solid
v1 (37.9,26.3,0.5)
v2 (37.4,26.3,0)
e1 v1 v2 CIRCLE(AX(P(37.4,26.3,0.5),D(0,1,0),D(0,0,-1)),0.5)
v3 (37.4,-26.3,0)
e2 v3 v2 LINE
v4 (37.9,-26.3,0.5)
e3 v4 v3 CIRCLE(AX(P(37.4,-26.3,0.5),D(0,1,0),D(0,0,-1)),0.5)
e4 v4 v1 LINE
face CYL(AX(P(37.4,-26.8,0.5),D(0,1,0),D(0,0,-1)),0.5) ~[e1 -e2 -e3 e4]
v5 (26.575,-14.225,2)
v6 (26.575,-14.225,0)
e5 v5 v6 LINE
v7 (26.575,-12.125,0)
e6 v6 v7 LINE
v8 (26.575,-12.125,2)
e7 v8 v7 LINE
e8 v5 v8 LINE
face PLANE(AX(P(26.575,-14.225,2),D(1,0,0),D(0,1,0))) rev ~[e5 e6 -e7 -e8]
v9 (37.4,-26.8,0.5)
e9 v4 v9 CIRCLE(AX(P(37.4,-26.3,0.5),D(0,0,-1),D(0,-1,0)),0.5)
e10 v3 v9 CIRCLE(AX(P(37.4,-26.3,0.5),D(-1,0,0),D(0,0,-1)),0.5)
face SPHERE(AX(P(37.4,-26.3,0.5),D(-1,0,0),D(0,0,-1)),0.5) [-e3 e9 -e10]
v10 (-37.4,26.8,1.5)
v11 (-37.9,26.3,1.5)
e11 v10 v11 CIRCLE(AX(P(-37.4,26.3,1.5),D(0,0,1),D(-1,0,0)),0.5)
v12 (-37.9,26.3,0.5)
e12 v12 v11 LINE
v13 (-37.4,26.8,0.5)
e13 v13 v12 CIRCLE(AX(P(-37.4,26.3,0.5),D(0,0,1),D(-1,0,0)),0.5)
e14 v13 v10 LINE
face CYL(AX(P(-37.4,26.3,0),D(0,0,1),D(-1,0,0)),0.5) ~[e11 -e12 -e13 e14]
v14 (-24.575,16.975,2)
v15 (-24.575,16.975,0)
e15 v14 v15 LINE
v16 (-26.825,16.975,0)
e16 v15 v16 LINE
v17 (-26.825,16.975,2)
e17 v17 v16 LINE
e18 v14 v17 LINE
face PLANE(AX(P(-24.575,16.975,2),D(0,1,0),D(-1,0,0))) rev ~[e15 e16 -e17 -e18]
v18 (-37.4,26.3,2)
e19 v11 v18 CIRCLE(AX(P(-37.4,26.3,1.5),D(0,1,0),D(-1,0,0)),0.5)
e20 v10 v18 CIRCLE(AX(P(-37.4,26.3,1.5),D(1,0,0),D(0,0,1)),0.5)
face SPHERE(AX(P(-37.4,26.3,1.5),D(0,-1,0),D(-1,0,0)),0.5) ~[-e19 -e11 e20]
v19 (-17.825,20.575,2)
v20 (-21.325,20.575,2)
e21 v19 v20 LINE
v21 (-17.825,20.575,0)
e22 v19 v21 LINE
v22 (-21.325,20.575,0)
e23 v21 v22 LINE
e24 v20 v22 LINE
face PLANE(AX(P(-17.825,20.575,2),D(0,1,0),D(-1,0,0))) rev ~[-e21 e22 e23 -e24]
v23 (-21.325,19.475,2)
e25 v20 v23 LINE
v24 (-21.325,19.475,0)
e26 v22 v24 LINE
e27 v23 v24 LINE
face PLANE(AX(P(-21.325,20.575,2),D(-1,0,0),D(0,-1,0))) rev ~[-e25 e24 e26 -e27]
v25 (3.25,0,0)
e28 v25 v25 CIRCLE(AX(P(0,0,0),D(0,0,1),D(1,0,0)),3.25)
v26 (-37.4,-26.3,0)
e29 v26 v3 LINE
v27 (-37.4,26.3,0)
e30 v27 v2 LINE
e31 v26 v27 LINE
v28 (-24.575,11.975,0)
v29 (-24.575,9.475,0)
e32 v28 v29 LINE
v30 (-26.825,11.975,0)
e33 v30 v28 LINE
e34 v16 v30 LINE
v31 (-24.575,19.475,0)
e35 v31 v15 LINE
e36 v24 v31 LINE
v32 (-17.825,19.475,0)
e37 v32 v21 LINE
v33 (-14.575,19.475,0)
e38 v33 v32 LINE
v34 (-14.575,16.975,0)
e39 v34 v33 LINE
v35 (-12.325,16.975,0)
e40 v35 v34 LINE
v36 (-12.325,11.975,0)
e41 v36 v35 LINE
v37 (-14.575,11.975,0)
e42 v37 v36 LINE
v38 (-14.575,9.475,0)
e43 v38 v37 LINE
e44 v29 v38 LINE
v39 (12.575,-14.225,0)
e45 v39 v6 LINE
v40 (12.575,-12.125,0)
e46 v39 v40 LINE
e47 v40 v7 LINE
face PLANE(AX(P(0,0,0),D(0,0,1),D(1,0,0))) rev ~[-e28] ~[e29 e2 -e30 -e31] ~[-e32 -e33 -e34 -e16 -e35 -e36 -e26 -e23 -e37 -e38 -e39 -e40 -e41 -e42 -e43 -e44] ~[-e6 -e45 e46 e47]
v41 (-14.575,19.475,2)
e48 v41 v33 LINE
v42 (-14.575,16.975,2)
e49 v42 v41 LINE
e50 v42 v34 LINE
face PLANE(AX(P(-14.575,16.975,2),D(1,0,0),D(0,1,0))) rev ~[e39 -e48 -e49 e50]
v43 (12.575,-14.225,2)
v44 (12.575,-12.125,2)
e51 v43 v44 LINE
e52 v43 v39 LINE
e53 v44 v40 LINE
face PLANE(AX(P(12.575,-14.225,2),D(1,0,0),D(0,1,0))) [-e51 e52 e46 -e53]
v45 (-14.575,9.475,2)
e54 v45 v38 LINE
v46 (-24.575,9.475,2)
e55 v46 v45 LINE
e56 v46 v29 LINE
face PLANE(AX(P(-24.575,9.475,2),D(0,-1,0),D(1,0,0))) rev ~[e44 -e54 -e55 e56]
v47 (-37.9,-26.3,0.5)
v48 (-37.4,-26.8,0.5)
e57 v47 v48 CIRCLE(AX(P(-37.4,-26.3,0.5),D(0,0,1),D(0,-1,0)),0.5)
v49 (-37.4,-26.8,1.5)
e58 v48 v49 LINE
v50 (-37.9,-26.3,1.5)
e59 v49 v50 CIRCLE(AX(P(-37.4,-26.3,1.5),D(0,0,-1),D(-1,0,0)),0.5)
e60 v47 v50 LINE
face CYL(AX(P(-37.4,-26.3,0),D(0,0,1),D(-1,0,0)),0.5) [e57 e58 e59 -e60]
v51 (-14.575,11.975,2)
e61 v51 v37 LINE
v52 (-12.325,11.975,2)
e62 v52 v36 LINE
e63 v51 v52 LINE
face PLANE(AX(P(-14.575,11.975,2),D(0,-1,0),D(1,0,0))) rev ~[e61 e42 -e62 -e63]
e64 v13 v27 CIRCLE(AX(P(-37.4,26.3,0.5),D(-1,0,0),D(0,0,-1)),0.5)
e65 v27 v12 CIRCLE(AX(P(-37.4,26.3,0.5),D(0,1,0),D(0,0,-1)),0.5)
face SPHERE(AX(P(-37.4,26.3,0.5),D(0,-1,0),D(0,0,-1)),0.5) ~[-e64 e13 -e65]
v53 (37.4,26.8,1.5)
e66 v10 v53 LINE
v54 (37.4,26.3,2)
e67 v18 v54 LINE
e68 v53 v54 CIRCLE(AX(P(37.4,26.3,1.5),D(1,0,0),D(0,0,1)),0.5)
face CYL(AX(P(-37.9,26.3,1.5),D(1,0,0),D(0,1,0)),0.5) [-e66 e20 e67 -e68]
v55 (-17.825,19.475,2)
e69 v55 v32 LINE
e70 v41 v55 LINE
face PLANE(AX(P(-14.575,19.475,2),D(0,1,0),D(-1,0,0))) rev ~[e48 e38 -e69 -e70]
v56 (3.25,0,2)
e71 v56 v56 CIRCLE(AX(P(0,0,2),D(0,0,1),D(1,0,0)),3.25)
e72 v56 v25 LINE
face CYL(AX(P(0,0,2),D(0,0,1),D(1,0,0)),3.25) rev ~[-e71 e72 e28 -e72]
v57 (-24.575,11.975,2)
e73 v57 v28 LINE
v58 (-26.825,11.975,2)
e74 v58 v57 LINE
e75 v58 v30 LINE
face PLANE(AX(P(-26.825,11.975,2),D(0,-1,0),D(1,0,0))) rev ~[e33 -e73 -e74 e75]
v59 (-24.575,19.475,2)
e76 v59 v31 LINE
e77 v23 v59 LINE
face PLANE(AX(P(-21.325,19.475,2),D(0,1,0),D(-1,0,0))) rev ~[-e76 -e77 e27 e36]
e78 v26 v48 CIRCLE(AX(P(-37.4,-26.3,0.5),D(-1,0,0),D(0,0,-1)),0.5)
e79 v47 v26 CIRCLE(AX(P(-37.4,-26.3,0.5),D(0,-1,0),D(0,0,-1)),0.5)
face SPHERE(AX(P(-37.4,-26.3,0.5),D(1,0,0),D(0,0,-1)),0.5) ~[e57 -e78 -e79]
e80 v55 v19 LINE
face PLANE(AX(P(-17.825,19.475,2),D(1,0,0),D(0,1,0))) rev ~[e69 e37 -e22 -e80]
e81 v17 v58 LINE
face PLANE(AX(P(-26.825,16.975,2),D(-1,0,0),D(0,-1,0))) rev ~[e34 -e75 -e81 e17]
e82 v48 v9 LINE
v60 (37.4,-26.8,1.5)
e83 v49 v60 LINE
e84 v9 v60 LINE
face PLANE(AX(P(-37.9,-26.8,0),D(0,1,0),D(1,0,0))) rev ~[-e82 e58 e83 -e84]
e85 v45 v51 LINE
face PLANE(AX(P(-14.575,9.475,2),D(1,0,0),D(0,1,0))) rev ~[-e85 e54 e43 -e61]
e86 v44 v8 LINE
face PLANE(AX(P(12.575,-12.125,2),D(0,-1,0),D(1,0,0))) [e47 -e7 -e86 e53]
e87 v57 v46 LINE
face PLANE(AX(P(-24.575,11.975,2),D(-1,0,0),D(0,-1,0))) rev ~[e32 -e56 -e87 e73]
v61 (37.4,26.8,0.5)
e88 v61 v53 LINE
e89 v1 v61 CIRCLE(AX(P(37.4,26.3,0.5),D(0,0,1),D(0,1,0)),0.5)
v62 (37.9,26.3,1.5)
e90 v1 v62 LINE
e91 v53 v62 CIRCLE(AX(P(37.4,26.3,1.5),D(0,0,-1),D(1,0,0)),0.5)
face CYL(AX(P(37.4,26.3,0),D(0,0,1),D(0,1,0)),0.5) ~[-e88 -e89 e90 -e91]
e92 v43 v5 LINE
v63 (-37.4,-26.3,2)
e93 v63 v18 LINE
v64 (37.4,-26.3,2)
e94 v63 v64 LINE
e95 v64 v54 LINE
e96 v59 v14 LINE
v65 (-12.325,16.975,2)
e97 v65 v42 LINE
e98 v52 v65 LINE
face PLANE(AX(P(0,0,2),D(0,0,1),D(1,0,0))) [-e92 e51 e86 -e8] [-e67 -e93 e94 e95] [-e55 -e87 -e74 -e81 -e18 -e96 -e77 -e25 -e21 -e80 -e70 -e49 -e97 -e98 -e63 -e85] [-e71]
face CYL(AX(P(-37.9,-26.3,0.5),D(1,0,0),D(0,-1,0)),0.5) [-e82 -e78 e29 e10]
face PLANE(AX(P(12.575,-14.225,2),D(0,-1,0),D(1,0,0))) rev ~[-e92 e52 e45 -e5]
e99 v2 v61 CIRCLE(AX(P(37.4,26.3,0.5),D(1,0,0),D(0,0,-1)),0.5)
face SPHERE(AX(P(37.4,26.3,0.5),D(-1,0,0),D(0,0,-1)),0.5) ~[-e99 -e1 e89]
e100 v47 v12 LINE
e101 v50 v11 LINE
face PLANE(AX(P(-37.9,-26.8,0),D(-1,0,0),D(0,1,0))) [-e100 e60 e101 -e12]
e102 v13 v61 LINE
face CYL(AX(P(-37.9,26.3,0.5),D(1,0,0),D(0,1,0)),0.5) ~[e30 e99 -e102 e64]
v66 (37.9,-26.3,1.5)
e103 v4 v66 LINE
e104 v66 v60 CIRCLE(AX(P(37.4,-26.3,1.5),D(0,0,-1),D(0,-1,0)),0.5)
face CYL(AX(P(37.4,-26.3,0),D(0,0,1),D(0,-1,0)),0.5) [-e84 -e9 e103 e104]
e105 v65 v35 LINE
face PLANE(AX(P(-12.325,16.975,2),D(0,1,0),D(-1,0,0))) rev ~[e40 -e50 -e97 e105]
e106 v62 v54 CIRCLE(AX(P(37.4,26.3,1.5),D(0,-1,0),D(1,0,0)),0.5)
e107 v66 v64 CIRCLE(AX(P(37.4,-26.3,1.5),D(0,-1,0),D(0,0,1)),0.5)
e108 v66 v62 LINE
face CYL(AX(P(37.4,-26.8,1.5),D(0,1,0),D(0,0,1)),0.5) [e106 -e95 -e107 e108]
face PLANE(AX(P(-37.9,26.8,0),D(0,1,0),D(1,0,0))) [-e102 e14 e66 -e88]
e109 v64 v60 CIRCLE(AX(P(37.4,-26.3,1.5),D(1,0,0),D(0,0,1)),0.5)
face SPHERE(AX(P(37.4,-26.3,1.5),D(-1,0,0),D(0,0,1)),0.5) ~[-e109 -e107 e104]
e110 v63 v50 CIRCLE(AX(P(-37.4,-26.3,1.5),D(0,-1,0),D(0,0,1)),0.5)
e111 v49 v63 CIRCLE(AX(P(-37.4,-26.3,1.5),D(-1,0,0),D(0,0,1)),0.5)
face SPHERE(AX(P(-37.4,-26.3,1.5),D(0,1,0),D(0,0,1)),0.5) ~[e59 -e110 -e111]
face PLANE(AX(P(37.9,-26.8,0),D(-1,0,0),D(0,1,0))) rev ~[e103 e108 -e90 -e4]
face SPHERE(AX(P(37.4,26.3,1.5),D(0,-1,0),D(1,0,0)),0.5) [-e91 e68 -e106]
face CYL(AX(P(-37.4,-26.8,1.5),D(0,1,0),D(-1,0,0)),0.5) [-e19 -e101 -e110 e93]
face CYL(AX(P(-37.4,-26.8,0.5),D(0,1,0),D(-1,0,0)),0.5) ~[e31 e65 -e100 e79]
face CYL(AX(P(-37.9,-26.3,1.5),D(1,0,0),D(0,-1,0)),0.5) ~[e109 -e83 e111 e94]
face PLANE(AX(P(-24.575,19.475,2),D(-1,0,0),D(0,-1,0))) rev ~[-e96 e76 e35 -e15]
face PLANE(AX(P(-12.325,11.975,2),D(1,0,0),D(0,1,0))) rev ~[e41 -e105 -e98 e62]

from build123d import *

# Parameters (mm, degrees)
SKETCH1_W           = 75.8
SKETCH1_H           = 53.6
BOSS_EXTRUDE1_DEPTH = 2
SKETCH5_W           = 14
SKETCH5_H           = 2.1
SKETCH5_R           = 3.25
CUT_EXTRUDE1_DEPTH  = 47.461274197
FILLET1_R           = 0.5


with BuildPart() as part:
    # Sketch1 → Boss-Extrude1 (new body)
    with BuildSketch(Plane.XY):
        Rectangle(SKETCH1_W, SKETCH1_H)
    extrude(amount=BOSS_EXTRUDE1_DEPTH)

    # Sketch5 → Cut-Extrude1 (cut, through all)
    with BuildSketch(Plane.XY.offset(2)):
        Polygon((-24.575, 9.475), (-14.575, 9.475), (-14.575, 11.975), (-12.325, 11.975), (-12.325, 16.975), (-14.575, 16.975), (-14.575, 19.475), (-17.825, 19.475), (-17.825, 20.575), (-21.325, 20.575), (-21.325, 19.475), (-24.575, 19.475), (-24.575, 16.975), (-26.825, 16.975), (-26.825, 11.975), (-24.575, 11.975), align=None)
        with Locations((19.575, -13.175)):
            Rectangle(SKETCH5_W, SKETCH5_H)
        Circle(SKETCH5_R)
    extrude(amount=-CUT_EXTRUDE1_DEPTH, mode=Mode.SUBTRACT)

    # Fillet1
    fillet1_edges = [part.edges().sort_by_distance(p)[0] for p in [
        (-37.9, 0, 2),
        (0, -26.8, 2),
        (37.9, 0, 2),
        (0, -26.8, 0),
        (-37.9, 0, 0),
        (0, 26.8, 0),
        (37.9, 0, 0),
        (37.9, -26.8, 1),
        (-37.9, -26.8, 1),
        (-37.9, 26.8, 1),
        (37.9, 26.8, 1),
        (0, 26.8, 2),
    ]]
    fillet(fillet1_edges, radius=FILLET1_R)


solid = part.part
